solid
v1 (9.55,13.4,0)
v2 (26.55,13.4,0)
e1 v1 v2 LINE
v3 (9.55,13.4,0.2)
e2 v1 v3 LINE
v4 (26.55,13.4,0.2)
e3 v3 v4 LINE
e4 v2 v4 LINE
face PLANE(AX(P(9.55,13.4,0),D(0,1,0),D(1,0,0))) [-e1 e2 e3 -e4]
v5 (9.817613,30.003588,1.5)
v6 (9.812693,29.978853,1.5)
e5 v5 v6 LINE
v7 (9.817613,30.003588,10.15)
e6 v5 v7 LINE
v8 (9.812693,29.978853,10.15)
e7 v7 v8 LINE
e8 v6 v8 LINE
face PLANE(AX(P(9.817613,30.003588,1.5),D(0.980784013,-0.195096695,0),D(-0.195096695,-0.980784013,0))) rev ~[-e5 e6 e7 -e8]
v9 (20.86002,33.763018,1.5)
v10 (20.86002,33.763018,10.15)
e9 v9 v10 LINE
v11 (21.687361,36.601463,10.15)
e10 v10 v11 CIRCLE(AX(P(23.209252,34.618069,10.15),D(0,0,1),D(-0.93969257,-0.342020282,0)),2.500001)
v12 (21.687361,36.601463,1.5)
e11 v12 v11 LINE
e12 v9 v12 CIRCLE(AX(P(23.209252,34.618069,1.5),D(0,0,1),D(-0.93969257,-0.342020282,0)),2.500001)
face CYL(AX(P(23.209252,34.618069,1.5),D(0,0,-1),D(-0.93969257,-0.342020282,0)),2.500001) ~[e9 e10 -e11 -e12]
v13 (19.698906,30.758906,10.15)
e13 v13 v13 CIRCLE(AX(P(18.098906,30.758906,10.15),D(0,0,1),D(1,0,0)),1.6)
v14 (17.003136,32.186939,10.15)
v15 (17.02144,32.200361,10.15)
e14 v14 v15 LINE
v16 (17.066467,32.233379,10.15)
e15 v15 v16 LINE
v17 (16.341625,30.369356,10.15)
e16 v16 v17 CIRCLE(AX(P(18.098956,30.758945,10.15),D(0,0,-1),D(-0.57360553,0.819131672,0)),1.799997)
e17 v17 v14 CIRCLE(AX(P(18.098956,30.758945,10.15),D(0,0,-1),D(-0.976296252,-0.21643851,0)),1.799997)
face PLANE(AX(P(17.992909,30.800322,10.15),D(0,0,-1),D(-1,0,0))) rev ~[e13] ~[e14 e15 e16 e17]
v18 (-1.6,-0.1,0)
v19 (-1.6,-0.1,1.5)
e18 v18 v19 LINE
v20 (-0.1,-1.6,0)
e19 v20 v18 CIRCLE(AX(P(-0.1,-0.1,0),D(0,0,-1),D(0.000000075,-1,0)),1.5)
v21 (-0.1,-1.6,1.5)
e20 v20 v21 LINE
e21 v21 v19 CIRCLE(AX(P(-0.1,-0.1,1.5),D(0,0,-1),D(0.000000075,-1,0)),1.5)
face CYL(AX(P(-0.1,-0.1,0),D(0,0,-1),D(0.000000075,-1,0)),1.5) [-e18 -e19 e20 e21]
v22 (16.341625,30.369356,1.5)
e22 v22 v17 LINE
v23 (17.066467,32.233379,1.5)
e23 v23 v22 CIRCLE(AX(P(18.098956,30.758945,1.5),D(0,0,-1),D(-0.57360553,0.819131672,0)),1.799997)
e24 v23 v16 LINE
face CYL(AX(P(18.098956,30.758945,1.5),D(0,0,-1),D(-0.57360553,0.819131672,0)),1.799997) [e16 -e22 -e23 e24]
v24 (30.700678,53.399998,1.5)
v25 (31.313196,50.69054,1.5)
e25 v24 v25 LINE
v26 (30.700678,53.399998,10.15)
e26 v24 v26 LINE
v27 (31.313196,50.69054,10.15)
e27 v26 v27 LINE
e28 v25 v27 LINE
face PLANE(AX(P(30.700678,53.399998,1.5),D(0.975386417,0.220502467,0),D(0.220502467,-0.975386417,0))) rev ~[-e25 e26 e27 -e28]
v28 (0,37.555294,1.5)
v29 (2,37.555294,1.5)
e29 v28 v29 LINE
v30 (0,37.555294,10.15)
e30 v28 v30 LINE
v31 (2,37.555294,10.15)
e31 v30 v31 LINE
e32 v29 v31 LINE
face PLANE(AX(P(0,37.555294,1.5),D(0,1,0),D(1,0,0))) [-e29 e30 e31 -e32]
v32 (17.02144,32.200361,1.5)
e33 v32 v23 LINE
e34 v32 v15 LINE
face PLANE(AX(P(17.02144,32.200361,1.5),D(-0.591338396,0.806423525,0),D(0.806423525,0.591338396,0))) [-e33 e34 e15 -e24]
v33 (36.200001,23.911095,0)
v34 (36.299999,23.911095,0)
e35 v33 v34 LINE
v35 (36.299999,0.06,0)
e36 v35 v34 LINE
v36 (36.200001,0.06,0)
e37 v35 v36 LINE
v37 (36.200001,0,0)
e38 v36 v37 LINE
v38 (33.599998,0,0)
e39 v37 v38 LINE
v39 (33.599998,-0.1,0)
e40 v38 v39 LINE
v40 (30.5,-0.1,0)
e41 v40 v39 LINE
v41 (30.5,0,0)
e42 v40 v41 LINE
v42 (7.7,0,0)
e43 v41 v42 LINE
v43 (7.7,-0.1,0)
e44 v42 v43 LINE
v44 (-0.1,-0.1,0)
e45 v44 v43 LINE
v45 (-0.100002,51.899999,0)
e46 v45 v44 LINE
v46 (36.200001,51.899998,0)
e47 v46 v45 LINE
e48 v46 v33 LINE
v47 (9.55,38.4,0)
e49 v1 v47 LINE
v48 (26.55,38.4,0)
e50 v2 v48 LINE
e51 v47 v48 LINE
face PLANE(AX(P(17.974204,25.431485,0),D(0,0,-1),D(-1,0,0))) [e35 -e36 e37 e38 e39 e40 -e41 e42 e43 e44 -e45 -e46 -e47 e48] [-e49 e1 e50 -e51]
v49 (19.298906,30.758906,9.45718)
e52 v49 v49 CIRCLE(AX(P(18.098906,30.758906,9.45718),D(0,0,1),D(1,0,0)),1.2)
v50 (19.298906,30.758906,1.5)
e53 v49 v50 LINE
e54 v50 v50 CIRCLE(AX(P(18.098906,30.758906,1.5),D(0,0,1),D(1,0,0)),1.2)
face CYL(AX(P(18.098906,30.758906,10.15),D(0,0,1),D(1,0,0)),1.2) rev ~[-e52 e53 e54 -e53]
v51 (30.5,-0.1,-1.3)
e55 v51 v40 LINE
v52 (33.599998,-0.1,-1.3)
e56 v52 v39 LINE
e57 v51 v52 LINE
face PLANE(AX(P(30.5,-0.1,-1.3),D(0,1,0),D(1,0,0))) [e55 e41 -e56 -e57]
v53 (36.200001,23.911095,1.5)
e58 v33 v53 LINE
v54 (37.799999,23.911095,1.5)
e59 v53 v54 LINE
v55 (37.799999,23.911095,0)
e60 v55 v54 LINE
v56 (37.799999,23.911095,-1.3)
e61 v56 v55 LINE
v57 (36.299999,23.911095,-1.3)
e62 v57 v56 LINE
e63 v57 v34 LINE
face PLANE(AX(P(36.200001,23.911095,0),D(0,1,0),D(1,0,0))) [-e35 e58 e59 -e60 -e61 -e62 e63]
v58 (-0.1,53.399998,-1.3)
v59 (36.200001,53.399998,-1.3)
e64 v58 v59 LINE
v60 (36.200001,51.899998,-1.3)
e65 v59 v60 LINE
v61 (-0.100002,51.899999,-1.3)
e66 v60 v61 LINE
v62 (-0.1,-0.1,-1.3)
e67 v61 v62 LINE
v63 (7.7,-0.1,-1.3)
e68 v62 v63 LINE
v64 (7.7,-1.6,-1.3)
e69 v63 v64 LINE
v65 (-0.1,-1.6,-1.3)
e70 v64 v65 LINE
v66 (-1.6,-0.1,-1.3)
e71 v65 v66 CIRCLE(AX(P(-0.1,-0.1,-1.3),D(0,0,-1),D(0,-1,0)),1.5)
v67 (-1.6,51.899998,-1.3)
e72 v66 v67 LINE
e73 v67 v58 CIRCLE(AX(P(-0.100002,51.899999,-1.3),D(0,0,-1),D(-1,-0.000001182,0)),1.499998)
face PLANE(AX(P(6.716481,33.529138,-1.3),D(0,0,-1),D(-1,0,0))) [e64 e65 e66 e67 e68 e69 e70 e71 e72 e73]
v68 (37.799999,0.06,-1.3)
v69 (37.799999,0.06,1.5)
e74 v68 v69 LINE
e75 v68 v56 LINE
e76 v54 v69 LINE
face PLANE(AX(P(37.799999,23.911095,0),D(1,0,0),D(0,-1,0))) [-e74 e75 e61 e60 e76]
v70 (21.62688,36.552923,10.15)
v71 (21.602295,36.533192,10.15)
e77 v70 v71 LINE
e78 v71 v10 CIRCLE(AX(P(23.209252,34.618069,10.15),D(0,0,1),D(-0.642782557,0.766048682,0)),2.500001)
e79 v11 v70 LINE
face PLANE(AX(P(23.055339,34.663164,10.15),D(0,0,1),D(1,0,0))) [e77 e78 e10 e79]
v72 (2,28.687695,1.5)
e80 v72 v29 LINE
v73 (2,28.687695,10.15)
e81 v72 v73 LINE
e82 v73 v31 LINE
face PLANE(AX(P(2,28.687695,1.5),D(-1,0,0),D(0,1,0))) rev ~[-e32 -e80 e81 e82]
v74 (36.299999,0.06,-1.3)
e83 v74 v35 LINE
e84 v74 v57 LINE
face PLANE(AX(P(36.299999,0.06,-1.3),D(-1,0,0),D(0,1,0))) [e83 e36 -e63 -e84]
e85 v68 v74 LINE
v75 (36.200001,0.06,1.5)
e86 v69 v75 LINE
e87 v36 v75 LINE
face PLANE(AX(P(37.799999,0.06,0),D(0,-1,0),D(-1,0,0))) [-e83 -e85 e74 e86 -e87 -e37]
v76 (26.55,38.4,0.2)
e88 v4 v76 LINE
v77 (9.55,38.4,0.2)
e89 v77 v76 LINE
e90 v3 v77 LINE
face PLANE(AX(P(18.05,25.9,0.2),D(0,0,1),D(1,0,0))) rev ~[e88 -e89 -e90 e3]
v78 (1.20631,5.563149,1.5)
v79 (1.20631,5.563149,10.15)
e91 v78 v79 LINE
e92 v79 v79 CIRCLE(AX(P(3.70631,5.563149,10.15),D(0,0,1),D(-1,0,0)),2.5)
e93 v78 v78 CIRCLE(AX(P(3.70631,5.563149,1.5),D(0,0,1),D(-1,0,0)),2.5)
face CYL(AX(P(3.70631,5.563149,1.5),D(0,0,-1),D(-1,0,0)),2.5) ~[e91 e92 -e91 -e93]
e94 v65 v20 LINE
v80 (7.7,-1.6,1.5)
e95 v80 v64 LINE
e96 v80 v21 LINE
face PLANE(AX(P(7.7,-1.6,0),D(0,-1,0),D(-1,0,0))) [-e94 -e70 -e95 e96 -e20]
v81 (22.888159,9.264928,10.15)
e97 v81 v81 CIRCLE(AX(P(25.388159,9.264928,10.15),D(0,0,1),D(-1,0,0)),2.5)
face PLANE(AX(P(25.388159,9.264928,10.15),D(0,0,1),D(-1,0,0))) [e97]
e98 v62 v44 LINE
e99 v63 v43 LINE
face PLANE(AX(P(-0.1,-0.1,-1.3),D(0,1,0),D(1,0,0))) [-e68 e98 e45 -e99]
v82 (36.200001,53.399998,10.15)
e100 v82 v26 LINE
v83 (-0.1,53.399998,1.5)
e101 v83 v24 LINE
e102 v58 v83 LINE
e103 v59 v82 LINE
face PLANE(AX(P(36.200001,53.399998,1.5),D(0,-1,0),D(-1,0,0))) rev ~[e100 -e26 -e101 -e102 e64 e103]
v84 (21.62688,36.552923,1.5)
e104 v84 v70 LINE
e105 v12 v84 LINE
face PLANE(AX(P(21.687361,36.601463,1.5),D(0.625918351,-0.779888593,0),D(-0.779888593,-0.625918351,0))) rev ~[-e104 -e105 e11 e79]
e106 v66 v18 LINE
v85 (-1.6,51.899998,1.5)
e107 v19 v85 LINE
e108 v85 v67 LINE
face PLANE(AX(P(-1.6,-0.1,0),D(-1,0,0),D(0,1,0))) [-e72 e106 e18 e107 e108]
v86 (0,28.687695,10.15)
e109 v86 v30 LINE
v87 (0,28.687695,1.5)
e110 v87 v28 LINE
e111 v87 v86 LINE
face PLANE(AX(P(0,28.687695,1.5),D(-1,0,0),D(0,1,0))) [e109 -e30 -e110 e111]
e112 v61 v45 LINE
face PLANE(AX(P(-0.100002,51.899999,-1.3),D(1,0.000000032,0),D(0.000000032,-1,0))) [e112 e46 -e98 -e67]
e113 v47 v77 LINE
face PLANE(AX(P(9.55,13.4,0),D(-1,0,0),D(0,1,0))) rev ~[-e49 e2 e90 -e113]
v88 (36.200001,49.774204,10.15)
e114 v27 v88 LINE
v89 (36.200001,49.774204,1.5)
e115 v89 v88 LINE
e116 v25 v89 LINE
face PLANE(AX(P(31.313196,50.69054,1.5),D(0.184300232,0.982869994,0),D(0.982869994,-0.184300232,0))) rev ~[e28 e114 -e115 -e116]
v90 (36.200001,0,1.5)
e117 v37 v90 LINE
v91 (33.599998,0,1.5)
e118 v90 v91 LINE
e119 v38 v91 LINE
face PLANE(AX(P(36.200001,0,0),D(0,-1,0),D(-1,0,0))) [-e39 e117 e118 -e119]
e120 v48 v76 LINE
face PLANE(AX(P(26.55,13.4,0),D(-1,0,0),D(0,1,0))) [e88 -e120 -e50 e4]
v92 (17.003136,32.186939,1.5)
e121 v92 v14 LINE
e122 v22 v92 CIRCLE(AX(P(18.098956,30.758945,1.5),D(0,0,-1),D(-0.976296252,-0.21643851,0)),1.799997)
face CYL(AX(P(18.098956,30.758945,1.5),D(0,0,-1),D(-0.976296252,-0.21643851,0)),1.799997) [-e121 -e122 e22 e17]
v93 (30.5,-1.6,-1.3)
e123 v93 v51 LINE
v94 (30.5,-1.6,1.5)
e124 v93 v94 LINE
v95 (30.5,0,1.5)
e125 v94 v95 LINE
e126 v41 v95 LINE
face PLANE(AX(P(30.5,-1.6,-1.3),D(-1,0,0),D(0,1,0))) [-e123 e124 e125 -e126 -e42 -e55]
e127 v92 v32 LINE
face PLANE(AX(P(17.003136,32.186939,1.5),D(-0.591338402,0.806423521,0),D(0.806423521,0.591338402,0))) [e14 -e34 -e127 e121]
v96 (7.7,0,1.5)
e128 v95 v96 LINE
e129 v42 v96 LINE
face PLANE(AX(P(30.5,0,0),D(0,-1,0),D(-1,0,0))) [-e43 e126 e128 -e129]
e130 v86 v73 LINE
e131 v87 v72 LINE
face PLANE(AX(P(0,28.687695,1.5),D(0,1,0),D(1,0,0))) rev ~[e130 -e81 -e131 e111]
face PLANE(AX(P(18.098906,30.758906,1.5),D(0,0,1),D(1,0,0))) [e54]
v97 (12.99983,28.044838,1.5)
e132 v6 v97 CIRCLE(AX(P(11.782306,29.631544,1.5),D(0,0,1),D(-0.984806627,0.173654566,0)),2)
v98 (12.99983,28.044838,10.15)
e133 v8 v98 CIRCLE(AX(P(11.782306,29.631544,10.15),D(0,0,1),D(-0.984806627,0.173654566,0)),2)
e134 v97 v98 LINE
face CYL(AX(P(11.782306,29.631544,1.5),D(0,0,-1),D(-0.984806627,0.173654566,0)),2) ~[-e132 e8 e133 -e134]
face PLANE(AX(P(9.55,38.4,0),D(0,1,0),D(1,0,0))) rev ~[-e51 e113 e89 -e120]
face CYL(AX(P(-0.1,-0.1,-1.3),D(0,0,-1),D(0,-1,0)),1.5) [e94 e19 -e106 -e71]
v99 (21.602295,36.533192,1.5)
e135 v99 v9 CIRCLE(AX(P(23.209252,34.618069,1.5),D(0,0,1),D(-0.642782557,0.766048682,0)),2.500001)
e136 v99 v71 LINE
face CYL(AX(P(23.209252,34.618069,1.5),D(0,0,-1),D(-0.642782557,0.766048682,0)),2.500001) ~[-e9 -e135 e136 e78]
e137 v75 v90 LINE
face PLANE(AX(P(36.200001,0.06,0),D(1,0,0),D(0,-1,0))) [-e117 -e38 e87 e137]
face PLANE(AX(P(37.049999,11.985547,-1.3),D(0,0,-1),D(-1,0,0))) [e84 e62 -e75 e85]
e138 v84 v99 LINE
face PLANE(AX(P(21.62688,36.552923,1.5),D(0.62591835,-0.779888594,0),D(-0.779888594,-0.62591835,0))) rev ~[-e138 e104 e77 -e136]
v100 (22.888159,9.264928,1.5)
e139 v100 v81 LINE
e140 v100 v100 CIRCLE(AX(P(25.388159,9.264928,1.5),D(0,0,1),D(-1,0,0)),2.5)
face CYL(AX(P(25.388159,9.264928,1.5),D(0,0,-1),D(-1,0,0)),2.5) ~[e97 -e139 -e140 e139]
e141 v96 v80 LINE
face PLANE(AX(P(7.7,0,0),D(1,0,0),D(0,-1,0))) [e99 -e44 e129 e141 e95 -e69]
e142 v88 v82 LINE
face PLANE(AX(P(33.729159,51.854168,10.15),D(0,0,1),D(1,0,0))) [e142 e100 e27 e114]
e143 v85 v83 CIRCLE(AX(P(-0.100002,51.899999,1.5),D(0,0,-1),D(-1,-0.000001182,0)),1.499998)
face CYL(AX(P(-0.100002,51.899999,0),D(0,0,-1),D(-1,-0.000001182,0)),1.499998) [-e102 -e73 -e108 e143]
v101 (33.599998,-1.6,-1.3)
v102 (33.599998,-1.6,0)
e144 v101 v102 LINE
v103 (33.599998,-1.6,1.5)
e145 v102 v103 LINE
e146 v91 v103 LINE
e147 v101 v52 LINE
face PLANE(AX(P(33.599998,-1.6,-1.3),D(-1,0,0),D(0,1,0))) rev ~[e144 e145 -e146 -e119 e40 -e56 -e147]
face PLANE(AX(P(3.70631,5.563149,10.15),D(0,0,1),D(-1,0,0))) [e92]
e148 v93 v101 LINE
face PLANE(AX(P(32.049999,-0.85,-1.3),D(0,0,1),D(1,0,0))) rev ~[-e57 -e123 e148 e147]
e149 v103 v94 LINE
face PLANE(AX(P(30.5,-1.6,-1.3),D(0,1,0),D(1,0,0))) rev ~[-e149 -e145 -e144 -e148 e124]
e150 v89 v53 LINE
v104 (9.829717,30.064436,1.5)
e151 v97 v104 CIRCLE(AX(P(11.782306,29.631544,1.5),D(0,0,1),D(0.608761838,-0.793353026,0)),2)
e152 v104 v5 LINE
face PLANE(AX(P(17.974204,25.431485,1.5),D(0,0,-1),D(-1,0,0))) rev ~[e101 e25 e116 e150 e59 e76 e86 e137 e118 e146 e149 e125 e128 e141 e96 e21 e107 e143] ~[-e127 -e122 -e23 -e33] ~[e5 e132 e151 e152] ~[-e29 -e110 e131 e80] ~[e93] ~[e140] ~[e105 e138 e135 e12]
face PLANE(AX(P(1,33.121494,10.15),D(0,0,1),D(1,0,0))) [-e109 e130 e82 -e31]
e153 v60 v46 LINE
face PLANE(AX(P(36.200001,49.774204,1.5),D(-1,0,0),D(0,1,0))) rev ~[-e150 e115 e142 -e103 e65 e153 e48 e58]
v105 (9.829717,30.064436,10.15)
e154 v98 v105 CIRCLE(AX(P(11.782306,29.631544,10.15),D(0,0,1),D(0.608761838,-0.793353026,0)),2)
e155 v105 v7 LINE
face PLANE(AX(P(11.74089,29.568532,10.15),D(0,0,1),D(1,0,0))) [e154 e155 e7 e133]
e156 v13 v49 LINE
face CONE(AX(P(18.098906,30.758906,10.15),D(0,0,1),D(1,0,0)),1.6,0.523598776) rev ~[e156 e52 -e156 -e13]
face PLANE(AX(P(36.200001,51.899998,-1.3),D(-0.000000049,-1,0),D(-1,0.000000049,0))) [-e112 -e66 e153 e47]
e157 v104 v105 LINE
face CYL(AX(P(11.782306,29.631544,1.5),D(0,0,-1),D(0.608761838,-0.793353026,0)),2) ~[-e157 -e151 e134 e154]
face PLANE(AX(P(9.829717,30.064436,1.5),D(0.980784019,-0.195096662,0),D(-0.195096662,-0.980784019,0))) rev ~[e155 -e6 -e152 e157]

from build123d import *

# Parameters (mm, degrees)
DISPLAY_SUPPORT_PLATE_DEPTH           = 1.5
UNDERSIDE_LOCATING_RIM_START          = -1.3
UNDERSIDE_LOCATING_RIM_PROFILE_W      = 3.099998474
UNDERSIDE_LOCATING_RIM_PROFILE_H      = 1.499999911
UNDERSIDE_LOCATING_RIM_DEPTH          = 1.3
DISPLAY_RELIEF_PROFILE_W              = 17
DISPLAY_RELIEF_PROFILE_H              = 25
DISPLAY_RELIEF_DEPTH                  = 0.2
POSTS_AND_RETAINING_STOPS_PROFILE_R   = 2.500000022
POSTS_AND_RETAINING_STOPS_PROFILE_R_2 = 2.500000099
POSTS_AND_RETAINING_STOPS_PROFILE_W   = 2
POSTS_AND_RETAINING_STOPS_PROFILE_H   = 8.867599487
POSTS_AND_RETAINING_STOPS_DEPTH       = 8.65
LOCATING_POST_BORE_PROFILE_R          = 1.2
LOCATING_POST_BORE_DEPTH              = 8.65
BORE_ENTRY_CHAMFER_PROFILE_R          = 1.6
BORE_ENTRY_CHAMFER_DEPTH              = 0.692820323
BORE_ENTRY_CHAMFER_DRAFT              = -30


with BuildPart() as part:
    # Display_support_plate_profile → Display_support_plate (new body)
    with BuildSketch(Plane.XY):
        with BuildLine():
            Line((-0.099999994, 53.399997711), (36.200000763, 53.399997711))
            Line((36.200000763, 53.399997711), (36.200000763, 23.911094666))
            Line((36.200000763, 23.911094666), (37.799999237, 23.911094666))
            Line((37.799999237, 23.911094666), (37.799999237, 0.059999999))
            Line((37.799999237, 0.059999999), (36.200000763, 0.059999999))
            Line((36.200000763, 0.059999999), (36.200000763, 0))
            Line((36.200000763, 0), (33.599998474, 0))
            Line((33.599998474, 0), (33.599998474, -1.599999905))
            Line((33.599998474, -1.599999905), (30.5, -1.599999905))
            Line((30.5, -1.599999905), (30.5, 0))
            Line((30.5, 0), (7.699999809, 0))
            Line((7.699999809, 0), (7.699999809, -1.599999905))
            Line((7.699999809, -1.599999905), (-0.099999994, -1.599999905))
            ThreePointArc((-0.099999994, -1.599999905), (-1.160660136, -1.160660136), (-1.599999905, -0.099999994))
            Line((-1.599999905, -0.099999994), (-1.599999905, 51.899997711))
            ThreePointArc((-1.599999905, 51.899997711), (-1.160660627, 52.960658371), (-0.099999994, 53.399997711))
        make_face()
    extrude(amount=DISPLAY_SUPPORT_PLATE_DEPTH)

    # Underside_locating_rim_profile → Underside_locating_rim (add)
    with BuildSketch(Plane.XY.offset(UNDERSIDE_LOCATING_RIM_START)):
        with Locations((32.049999237, -0.84999995)):
            Rectangle(UNDERSIDE_LOCATING_RIM_PROFILE_W, UNDERSIDE_LOCATING_RIM_PROFILE_H)
        with BuildLine():
            Line((-0.099999994, -0.099999994), (7.699999809, -0.099999994))
            Line((7.699999809, -0.099999994), (7.699999809, -1.599999905))
            Line((7.699999809, -1.599999905), (-0.099999994, -1.599999905))
            ThreePointArc((-0.099999994, -1.599999905), (-1.160660103, -1.160660103), (-1.599999905, -0.099999994))
            Line((-1.599999905, -0.099999994), (-1.599999905, 4.496020254))
            Line((-1.599999905, 4.496020254), (-1.599999905, 51.899997711))
            ThreePointArc((-1.599999905, 51.899997711), (-1.160660627, 52.960658371), (-0.099999994, 53.399997711))
            Line((-0.099999994, 53.399997711), (36.200000763, 53.399997711))
            Line((36.200000763, 53.399997711), (36.200000763, 51.899997711))
            Line((36.200000763, 51.899997711), (-0.100001678, 51.899999485))
            Line((-0.100001678, 51.899999485), (-0.099999994, -0.099999994))
        make_face()
        Polygon((36.299999237, 23.911094665), (37.799999237, 23.911094665), (37.799999237, 22.93311111), (37.799999237, 0.059999999), (36.299999237, 0.059999999), align=None)
    extrude(amount=UNDERSIDE_LOCATING_RIM_DEPTH)

    # Display_relief_profile → Display_relief (cut)
    with BuildSketch(Plane.XY):
        with Locations((18.05, 25.9)):
            Rectangle(DISPLAY_RELIEF_PROFILE_W, DISPLAY_RELIEF_PROFILE_H)
    extrude(amount=DISPLAY_RELIEF_DEPTH, mode=Mode.SUBTRACT)

    # Posts_and_retaining_stops_profile → Posts_and_retaining_stops (add)
    with BuildSketch(Plane.XY.offset(1.5)):
        with Locations(Location((3.706309939, 5.563148769, 0), (0, 0, 180))):
            Circle(POSTS_AND_RETAINING_STOPS_PROFILE_R)
        with Locations(Location((25.3881588, 9.264928353, 0), (0, 0, 180))):
            Circle(POSTS_AND_RETAINING_STOPS_PROFILE_R_2)
        with Locations((1, 33.121494294)):
            Rectangle(POSTS_AND_RETAINING_STOPS_PROFILE_W, POSTS_AND_RETAINING_STOPS_PROFILE_H)
        with BuildLine():
            Line((21.687360763, 36.601463318), (21.626880424, 36.552923367))
            Line((21.626880424, 36.552923367), (21.602294922, 36.533191681))
            ThreePointArc((21.602294922, 36.533191681), (20.794438476, 35.265124808), (20.860019559, 33.763018036))
            ThreePointArc((20.860019559, 33.763018036), (25.609375503, 33.918488596), (21.687360763, 36.601463318))
        make_face()
        with BuildLine():
            Line((17.003135681, 32.186939239), (17.021439612, 32.20036124))
            Line((17.021439612, 32.20036124), (17.066467285, 32.233379364))
            ThreePointArc((17.066467285, 32.233379364), (19.77657842, 30.106586026), (16.341625109, 30.369355924))
            ThreePointArc((16.341625109, 30.369355924), (16.40750088, 31.374550646), (17.003135681, 32.186939239))
        make_face()
        with BuildLine():
            Line((9.829716682, 30.064435959), (9.817612885, 30.003588118))
            Line((9.817612885, 30.003588118), (9.812692642, 29.978853226))
            ThreePointArc((9.812692642, 29.978853226), (10.74475441, 27.921723152), (12.999830034, 28.044837762))
            ThreePointArc((12.999830034, 28.044837762), (12.856910571, 31.318323984), (9.829716682, 30.064435959))
        make_face()
        Polygon((36.200000763, 49.774204254), (36.200000763, 53.399997711), (32.290077446, 53.399997711), (30.700677872, 53.399997711), (31.313196182, 50.690540314), align=None)
    extrude(amount=POSTS_AND_RETAINING_STOPS_DEPTH)

    # Locating_post_bore_profile → Locating_post_bore (cut)
    with BuildSketch(Plane.XY.offset(10.15)):
        with Locations((18.098906, 30.758906)):
            Circle(LOCATING_POST_BORE_PROFILE_R)
    extrude(amount=-LOCATING_POST_BORE_DEPTH, mode=Mode.SUBTRACT)


with BuildPart() as bore_entry_chamfer_tool:
    # Bore_entry_chamfer_profile → Bore_entry_chamfer (with draft: the straight prism first)
    with BuildSketch(Plane.XY.offset(10.15)):
        with Locations((18.098906, 30.758906)):
            Circle(BORE_ENTRY_CHAMFER_PROFILE_R)
    extrude(amount=-BORE_ENTRY_CHAMFER_DEPTH)
    # Bore_entry_chamfer: the draft: its side faces are tilted about the plane it starts from
    bore_entry_chamfer_sides = [bore_entry_chamfer_tool.faces().sort_by_distance(p)[0] for p in [
        (16.498906, 30.758906, 9.803589838),
    ]]
    draft(bore_entry_chamfer_sides, Plane.XY.offset(10.15), BORE_ENTRY_CHAMFER_DRAFT)


with BuildPart() as part_1:
    add(part.part)

    # Bore_entry_chamfer: cut by bore_entry_chamfer_tool
    add(bore_entry_chamfer_tool.part, mode=Mode.SUBTRACT)


solid = part_1.part
